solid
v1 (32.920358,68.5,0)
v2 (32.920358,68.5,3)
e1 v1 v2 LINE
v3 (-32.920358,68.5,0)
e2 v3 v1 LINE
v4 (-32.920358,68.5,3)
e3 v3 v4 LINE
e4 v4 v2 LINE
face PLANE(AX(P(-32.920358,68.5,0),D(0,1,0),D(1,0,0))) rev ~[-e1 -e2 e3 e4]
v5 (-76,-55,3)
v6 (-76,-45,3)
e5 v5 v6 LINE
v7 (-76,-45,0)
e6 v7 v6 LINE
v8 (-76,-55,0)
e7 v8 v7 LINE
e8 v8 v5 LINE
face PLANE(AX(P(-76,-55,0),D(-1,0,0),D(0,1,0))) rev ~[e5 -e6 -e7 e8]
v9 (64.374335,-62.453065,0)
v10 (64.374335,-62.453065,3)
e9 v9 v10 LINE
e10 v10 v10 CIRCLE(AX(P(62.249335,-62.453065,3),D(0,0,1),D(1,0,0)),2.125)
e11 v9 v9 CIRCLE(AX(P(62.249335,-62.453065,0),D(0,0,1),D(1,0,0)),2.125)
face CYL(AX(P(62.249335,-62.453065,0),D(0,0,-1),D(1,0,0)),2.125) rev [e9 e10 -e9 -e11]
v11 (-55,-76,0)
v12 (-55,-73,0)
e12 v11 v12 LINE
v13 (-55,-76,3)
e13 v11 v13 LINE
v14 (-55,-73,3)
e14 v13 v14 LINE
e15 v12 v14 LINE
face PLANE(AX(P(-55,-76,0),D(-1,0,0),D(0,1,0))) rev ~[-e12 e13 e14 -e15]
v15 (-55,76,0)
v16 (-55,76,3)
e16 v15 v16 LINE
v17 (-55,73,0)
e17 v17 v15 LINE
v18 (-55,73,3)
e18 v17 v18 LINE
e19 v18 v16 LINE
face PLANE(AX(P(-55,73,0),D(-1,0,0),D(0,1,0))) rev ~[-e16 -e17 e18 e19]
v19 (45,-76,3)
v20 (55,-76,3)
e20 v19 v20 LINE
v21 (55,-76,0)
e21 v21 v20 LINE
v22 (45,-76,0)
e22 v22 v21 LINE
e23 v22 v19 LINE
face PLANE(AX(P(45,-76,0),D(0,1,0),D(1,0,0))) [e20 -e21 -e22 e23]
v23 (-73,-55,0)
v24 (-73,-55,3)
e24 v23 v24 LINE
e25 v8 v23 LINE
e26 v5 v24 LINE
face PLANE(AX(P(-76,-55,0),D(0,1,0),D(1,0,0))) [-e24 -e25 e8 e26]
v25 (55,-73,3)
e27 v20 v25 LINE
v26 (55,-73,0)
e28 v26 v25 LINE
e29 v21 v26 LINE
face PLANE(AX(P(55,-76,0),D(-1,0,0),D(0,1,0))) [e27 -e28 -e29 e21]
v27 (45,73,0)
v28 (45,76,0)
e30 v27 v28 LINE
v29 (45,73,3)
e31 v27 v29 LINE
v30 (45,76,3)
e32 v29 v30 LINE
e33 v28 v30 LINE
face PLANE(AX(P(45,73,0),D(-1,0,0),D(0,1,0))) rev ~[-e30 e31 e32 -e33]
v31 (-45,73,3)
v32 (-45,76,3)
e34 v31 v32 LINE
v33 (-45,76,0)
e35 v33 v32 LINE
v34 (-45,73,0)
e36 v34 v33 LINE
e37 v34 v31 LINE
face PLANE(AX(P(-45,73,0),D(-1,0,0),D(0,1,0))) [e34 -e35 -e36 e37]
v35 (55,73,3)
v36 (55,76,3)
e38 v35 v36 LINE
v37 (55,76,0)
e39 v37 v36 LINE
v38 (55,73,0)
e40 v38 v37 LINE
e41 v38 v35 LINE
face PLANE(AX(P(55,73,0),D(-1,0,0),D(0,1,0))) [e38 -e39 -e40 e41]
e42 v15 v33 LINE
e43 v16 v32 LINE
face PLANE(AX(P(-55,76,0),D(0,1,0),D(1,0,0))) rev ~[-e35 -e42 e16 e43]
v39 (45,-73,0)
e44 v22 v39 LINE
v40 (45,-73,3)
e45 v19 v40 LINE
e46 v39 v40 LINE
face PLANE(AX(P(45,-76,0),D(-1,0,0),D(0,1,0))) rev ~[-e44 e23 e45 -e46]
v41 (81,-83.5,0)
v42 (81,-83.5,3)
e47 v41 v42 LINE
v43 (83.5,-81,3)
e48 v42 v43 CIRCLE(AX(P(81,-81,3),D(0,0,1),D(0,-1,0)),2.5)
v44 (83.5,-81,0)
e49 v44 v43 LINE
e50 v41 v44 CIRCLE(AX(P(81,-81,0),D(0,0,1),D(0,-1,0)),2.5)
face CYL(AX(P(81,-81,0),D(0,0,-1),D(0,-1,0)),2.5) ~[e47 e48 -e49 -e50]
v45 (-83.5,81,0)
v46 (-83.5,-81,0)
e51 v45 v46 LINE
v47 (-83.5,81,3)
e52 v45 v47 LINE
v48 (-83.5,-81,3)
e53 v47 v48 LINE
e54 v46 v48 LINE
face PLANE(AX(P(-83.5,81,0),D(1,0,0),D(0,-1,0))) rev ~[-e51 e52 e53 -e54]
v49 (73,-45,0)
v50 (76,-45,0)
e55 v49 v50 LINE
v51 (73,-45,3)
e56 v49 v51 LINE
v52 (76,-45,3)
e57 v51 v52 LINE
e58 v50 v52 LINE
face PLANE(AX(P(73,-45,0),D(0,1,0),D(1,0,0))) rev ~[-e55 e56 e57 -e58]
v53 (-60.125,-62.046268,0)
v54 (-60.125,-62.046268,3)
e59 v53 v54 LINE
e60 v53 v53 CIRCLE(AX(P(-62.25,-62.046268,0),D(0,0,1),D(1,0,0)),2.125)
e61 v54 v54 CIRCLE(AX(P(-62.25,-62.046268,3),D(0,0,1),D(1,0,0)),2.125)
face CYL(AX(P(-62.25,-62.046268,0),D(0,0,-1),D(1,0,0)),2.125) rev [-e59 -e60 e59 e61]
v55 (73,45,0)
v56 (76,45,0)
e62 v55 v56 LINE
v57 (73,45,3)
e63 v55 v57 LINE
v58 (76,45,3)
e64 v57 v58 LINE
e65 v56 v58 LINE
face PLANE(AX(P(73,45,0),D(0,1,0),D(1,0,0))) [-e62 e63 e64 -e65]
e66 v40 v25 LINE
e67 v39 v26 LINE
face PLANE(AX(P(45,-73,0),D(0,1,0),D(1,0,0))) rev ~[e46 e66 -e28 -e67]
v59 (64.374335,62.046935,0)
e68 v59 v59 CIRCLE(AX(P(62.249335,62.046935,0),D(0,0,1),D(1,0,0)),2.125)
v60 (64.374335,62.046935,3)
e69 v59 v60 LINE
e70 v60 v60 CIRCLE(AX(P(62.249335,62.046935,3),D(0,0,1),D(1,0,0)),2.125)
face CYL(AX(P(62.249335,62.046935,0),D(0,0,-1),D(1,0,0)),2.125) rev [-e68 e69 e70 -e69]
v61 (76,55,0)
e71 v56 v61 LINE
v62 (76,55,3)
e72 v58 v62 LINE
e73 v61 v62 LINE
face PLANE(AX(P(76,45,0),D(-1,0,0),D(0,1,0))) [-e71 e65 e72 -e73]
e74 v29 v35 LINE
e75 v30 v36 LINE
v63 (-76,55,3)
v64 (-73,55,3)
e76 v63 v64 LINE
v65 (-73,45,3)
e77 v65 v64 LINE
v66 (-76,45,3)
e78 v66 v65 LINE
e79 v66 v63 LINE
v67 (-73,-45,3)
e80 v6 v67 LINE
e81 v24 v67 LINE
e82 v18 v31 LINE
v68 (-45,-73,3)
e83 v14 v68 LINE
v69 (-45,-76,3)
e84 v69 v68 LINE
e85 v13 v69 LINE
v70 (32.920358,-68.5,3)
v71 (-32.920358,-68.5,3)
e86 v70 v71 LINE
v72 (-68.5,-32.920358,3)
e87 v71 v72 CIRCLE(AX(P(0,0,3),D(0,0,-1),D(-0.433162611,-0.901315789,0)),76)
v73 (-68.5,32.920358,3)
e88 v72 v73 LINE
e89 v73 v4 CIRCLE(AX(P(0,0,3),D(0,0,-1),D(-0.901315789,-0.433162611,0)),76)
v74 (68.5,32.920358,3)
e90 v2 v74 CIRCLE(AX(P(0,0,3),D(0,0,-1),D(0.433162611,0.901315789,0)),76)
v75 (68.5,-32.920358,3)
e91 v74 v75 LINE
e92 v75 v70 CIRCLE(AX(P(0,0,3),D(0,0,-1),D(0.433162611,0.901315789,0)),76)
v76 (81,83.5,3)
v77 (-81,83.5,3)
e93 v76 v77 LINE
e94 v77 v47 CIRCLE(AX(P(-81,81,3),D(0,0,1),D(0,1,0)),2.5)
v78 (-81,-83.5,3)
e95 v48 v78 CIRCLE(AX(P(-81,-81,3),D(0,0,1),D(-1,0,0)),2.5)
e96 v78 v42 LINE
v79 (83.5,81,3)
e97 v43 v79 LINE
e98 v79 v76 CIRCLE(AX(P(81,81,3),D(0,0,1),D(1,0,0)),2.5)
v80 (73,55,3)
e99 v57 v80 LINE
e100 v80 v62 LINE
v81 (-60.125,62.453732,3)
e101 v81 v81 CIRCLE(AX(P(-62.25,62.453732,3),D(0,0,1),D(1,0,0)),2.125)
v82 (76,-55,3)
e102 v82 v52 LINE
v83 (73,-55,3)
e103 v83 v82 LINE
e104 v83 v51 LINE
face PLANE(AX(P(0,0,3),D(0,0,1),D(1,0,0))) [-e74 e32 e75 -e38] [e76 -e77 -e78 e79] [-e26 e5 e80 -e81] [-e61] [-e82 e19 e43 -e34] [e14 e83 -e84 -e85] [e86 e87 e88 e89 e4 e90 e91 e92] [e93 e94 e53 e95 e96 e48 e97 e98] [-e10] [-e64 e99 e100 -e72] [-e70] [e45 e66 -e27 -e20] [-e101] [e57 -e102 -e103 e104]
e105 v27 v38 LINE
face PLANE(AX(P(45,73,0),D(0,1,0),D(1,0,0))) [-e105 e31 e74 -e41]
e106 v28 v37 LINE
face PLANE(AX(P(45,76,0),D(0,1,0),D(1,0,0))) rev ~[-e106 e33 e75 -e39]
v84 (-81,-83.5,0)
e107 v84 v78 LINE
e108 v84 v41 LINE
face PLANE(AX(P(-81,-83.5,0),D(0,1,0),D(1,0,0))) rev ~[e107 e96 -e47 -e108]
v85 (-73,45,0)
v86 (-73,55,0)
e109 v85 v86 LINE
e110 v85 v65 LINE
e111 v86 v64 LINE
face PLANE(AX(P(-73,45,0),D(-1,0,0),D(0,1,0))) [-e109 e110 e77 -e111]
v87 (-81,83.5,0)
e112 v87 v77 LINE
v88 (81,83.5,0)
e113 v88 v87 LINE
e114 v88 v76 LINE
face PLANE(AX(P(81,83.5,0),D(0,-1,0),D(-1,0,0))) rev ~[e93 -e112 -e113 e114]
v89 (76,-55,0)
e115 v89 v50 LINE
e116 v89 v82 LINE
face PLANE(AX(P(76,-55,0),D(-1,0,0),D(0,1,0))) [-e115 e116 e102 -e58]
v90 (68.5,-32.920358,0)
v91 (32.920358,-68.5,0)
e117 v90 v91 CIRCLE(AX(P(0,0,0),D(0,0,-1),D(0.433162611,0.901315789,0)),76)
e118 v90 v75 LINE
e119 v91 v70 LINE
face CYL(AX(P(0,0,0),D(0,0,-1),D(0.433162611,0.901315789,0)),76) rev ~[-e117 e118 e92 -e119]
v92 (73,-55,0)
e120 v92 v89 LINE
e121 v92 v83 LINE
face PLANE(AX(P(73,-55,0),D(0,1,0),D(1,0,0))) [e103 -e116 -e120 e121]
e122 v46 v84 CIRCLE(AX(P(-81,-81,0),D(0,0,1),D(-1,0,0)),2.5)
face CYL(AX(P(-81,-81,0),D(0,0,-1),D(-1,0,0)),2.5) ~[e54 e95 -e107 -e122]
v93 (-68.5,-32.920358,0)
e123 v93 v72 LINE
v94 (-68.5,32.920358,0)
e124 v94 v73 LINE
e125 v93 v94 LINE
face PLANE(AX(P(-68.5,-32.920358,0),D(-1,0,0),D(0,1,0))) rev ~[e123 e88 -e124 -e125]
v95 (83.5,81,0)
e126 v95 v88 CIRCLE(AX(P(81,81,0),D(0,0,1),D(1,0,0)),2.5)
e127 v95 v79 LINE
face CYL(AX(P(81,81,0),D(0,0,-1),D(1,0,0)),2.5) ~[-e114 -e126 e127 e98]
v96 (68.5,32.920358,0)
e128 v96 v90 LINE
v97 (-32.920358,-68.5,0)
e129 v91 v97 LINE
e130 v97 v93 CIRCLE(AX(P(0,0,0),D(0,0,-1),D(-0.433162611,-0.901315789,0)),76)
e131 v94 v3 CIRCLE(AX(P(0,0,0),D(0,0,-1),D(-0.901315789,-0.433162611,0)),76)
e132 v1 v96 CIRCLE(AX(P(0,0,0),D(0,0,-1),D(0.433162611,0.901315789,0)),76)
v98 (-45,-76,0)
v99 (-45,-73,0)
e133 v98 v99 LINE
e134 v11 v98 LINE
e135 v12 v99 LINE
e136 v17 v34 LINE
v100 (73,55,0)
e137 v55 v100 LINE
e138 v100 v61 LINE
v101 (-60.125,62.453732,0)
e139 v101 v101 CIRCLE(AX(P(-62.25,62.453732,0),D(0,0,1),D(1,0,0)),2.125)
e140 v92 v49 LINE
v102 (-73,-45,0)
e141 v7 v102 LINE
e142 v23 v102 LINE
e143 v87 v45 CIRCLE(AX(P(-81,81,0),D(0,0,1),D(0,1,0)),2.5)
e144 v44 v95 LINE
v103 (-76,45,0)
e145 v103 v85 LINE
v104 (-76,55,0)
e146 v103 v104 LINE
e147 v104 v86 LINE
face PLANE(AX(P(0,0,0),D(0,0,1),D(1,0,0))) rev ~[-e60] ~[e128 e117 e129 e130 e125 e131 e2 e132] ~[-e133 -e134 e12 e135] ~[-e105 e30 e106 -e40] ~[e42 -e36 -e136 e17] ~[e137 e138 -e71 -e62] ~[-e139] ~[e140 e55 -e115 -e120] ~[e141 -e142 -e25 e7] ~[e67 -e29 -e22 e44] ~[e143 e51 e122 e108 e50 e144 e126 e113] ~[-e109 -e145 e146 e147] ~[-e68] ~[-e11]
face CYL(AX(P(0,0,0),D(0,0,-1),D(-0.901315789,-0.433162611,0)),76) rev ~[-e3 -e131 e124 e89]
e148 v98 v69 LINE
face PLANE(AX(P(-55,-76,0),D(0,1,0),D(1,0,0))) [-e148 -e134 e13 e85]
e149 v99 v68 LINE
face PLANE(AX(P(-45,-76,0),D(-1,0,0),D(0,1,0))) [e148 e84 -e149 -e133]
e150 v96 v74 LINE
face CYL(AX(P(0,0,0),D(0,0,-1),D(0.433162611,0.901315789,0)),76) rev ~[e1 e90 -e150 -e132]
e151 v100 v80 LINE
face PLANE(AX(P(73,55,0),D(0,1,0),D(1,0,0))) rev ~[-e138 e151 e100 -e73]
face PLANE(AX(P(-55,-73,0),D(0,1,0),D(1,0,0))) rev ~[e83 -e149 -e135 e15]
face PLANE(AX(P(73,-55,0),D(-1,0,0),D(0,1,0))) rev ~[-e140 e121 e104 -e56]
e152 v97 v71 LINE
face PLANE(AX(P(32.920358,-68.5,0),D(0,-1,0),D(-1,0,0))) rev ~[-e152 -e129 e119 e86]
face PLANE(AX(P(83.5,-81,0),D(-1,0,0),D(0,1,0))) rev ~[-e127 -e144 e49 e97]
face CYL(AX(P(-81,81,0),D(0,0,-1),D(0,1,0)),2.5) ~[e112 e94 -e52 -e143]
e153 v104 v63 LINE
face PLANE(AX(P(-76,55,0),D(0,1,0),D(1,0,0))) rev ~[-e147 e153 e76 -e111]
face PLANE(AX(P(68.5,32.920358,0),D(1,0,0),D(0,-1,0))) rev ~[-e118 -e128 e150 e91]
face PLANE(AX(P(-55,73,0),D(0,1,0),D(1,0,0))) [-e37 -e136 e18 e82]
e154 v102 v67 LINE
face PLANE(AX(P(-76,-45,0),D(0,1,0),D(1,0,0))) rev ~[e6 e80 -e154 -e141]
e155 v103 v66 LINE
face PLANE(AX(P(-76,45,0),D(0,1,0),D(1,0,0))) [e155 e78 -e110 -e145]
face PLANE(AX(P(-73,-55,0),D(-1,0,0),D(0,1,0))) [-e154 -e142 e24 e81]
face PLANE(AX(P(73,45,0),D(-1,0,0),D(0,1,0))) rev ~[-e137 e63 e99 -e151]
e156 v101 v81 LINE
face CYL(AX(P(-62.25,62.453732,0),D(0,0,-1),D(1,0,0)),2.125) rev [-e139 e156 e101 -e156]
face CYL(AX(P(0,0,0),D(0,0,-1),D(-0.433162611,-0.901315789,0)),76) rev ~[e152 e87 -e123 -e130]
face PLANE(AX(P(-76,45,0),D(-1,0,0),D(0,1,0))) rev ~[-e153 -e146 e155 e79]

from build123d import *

# Parameters (mm, degrees)
F0_W     = 10
F0_H     = 3
F0_W_2   = 3
F0_H_2   = 10
F0_R     = 2.125
F1_DEPTH = 3


with BuildPart() as f1:
    # F0 (on Top) → F1 (new body)
    with BuildSketch(Plane.XY):
        with BuildLine():
            Line((81, 83.5), (-81, 83.5))
            ThreePointArc((-81, 83.5), (-82.767766953, 82.767766953), (-83.5, 81))
            Line((-83.5, 81), (-83.5, -81))
            ThreePointArc((-83.5, -81), (-82.767766953, -82.767766953), (-81, -83.5))
            Line((-81, -83.5), (81, -83.5))
            ThreePointArc((81, -83.5), (82.767766953, -82.767766953), (83.5, -81))
            Line((83.5, -81), (83.5, 81))
            ThreePointArc((83.5, 81), (82.767766953, 82.767766953), (81, 83.5))
        make_face()
        with Locations((-50, -74.5)):
            Rectangle(F0_W, F0_H, mode=Mode.SUBTRACT)
        with Locations((-74.5, -50)):
            Rectangle(F0_W_2, F0_H_2, mode=Mode.SUBTRACT)
        with Locations((50, -74.5)):
            Rectangle(F0_W, F0_H, mode=Mode.SUBTRACT)
        with Locations((74.5, -50)):
            Rectangle(F0_W_2, F0_H_2, mode=Mode.SUBTRACT)
        with Locations((-74.5, 50)):
            Rectangle(F0_W_2, F0_H_2, mode=Mode.SUBTRACT)
        with Locations((-50, 74.5)):
            Rectangle(F0_W, F0_H, mode=Mode.SUBTRACT)
        with BuildLine():
            ThreePointArc((68.5, 32.9203584428), (74.1012820402, 16.8819430161), (76, 0))
            ThreePointArc((76, 0), (74.1012820402, -16.8819430161), (68.5, -32.9203584428))
            Line((68.5, -32.9203584428), (68.5, -68.5))
            Line((68.5, -68.5), (32.9203584428, -68.5))
            ThreePointArc((32.9203584428, -68.5), (0, -76), (-32.9203584428, -68.5))
            Line((-32.9203584428, -68.5), (-68.5, -68.5))
            Line((-68.5, -68.5), (-68.5, -32.9203584428))
            ThreePointArc((-68.5, -32.9203584428), (-76, 0), (-68.5, 32.9203584428))
            Line((-68.5, 32.9203584428), (-68.5, 68.5))
            Line((-68.5, 68.5), (-32.9203584428, 68.5))
            ThreePointArc((-32.9203584428, 68.5), (0, 76), (32.9203584428, 68.5))
            Line((32.9203584428, 68.5), (68.5, 68.5))
            Line((68.5, 68.5), (68.5, 32.9203584428))
        make_face(mode=Mode.SUBTRACT)
        with Locations((74.5, 50)):
            Rectangle(F0_W_2, F0_H_2, mode=Mode.SUBTRACT)
        with Locations((50, 74.5)):
            Rectangle(F0_W, F0_H, mode=Mode.SUBTRACT)
        with BuildLine():
            ThreePointArc((32.9203584428, 68.5), (53.7401153702, 53.7401153702), (68.5, 32.9203584428))
            Line((68.5, 32.9203584428), (68.5, 68.5))
            Line((68.5, 68.5), (32.9203584428, 68.5))
        make_face()
        with Locations((62.2493354068, 62.046935216)):
            Circle(F0_R, mode=Mode.SUBTRACT)
        with BuildLine():
            Line((-32.9203584428, 68.5), (32.9203584428, 68.5))
            ThreePointArc((32.9203584428, 68.5), (0, 76), (-32.9203584428, 68.5))
        make_face()
        with BuildLine():
            ThreePointArc((-68.5, 32.9203584428), (-53.7401153702, 53.7401153702), (-32.9203584428, 68.5))
            Line((-32.9203584428, 68.5), (-68.5, 68.5))
            Line((-68.5, 68.5), (-68.5, 32.9203584428))
        make_face()
        with Locations((-62.25, 62.4537315522)):
            Circle(F0_R, mode=Mode.SUBTRACT)
        with BuildLine():
            Line((-68.5, -32.9203584428), (-68.5, 32.9203584428))
            ThreePointArc((-68.5, 32.9203584428), (-76, 0), (-68.5, -32.9203584428))
        make_face()
        with BuildLine():
            ThreePointArc((-32.9203584428, -68.5), (0, -76), (32.9203584428, -68.5))
            Line((32.9203584428, -68.5), (-32.9203584428, -68.5))
        make_face()
        with BuildLine():
            Line((68.5, -68.5), (68.5, -32.9203584428))
            ThreePointArc((68.5, -32.9203584428), (53.7401153702, -53.7401153702), (32.9203584428, -68.5))
            Line((32.9203584428, -68.5), (68.5, -68.5))
        make_face()
        with Locations((62.2493354068, -62.453064784)):
            Circle(F0_R, mode=Mode.SUBTRACT)
        with BuildLine():
            ThreePointArc((68.5, -32.9203584428), (74.1012820402, -16.8819430161), (76, 0))
            ThreePointArc((76, 0), (74.1012820402, 16.8819430161), (68.5, 32.9203584428))
            Line((68.5, 32.9203584428), (68.5, -32.9203584428))
        make_face()
        with BuildLine():
            Line((-68.5, -68.5), (-32.9203584428, -68.5))
            ThreePointArc((-32.9203584428, -68.5), (-53.7401153702, -53.7401153702), (-68.5, -32.9203584428))
            Line((-68.5, -32.9203584428), (-68.5, -68.5))
        make_face()
        with Locations((-62.25, -62.0462684478)):
            Circle(F0_R, mode=Mode.SUBTRACT)
    extrude(amount=F1_DEPTH)


solid = f1.part
